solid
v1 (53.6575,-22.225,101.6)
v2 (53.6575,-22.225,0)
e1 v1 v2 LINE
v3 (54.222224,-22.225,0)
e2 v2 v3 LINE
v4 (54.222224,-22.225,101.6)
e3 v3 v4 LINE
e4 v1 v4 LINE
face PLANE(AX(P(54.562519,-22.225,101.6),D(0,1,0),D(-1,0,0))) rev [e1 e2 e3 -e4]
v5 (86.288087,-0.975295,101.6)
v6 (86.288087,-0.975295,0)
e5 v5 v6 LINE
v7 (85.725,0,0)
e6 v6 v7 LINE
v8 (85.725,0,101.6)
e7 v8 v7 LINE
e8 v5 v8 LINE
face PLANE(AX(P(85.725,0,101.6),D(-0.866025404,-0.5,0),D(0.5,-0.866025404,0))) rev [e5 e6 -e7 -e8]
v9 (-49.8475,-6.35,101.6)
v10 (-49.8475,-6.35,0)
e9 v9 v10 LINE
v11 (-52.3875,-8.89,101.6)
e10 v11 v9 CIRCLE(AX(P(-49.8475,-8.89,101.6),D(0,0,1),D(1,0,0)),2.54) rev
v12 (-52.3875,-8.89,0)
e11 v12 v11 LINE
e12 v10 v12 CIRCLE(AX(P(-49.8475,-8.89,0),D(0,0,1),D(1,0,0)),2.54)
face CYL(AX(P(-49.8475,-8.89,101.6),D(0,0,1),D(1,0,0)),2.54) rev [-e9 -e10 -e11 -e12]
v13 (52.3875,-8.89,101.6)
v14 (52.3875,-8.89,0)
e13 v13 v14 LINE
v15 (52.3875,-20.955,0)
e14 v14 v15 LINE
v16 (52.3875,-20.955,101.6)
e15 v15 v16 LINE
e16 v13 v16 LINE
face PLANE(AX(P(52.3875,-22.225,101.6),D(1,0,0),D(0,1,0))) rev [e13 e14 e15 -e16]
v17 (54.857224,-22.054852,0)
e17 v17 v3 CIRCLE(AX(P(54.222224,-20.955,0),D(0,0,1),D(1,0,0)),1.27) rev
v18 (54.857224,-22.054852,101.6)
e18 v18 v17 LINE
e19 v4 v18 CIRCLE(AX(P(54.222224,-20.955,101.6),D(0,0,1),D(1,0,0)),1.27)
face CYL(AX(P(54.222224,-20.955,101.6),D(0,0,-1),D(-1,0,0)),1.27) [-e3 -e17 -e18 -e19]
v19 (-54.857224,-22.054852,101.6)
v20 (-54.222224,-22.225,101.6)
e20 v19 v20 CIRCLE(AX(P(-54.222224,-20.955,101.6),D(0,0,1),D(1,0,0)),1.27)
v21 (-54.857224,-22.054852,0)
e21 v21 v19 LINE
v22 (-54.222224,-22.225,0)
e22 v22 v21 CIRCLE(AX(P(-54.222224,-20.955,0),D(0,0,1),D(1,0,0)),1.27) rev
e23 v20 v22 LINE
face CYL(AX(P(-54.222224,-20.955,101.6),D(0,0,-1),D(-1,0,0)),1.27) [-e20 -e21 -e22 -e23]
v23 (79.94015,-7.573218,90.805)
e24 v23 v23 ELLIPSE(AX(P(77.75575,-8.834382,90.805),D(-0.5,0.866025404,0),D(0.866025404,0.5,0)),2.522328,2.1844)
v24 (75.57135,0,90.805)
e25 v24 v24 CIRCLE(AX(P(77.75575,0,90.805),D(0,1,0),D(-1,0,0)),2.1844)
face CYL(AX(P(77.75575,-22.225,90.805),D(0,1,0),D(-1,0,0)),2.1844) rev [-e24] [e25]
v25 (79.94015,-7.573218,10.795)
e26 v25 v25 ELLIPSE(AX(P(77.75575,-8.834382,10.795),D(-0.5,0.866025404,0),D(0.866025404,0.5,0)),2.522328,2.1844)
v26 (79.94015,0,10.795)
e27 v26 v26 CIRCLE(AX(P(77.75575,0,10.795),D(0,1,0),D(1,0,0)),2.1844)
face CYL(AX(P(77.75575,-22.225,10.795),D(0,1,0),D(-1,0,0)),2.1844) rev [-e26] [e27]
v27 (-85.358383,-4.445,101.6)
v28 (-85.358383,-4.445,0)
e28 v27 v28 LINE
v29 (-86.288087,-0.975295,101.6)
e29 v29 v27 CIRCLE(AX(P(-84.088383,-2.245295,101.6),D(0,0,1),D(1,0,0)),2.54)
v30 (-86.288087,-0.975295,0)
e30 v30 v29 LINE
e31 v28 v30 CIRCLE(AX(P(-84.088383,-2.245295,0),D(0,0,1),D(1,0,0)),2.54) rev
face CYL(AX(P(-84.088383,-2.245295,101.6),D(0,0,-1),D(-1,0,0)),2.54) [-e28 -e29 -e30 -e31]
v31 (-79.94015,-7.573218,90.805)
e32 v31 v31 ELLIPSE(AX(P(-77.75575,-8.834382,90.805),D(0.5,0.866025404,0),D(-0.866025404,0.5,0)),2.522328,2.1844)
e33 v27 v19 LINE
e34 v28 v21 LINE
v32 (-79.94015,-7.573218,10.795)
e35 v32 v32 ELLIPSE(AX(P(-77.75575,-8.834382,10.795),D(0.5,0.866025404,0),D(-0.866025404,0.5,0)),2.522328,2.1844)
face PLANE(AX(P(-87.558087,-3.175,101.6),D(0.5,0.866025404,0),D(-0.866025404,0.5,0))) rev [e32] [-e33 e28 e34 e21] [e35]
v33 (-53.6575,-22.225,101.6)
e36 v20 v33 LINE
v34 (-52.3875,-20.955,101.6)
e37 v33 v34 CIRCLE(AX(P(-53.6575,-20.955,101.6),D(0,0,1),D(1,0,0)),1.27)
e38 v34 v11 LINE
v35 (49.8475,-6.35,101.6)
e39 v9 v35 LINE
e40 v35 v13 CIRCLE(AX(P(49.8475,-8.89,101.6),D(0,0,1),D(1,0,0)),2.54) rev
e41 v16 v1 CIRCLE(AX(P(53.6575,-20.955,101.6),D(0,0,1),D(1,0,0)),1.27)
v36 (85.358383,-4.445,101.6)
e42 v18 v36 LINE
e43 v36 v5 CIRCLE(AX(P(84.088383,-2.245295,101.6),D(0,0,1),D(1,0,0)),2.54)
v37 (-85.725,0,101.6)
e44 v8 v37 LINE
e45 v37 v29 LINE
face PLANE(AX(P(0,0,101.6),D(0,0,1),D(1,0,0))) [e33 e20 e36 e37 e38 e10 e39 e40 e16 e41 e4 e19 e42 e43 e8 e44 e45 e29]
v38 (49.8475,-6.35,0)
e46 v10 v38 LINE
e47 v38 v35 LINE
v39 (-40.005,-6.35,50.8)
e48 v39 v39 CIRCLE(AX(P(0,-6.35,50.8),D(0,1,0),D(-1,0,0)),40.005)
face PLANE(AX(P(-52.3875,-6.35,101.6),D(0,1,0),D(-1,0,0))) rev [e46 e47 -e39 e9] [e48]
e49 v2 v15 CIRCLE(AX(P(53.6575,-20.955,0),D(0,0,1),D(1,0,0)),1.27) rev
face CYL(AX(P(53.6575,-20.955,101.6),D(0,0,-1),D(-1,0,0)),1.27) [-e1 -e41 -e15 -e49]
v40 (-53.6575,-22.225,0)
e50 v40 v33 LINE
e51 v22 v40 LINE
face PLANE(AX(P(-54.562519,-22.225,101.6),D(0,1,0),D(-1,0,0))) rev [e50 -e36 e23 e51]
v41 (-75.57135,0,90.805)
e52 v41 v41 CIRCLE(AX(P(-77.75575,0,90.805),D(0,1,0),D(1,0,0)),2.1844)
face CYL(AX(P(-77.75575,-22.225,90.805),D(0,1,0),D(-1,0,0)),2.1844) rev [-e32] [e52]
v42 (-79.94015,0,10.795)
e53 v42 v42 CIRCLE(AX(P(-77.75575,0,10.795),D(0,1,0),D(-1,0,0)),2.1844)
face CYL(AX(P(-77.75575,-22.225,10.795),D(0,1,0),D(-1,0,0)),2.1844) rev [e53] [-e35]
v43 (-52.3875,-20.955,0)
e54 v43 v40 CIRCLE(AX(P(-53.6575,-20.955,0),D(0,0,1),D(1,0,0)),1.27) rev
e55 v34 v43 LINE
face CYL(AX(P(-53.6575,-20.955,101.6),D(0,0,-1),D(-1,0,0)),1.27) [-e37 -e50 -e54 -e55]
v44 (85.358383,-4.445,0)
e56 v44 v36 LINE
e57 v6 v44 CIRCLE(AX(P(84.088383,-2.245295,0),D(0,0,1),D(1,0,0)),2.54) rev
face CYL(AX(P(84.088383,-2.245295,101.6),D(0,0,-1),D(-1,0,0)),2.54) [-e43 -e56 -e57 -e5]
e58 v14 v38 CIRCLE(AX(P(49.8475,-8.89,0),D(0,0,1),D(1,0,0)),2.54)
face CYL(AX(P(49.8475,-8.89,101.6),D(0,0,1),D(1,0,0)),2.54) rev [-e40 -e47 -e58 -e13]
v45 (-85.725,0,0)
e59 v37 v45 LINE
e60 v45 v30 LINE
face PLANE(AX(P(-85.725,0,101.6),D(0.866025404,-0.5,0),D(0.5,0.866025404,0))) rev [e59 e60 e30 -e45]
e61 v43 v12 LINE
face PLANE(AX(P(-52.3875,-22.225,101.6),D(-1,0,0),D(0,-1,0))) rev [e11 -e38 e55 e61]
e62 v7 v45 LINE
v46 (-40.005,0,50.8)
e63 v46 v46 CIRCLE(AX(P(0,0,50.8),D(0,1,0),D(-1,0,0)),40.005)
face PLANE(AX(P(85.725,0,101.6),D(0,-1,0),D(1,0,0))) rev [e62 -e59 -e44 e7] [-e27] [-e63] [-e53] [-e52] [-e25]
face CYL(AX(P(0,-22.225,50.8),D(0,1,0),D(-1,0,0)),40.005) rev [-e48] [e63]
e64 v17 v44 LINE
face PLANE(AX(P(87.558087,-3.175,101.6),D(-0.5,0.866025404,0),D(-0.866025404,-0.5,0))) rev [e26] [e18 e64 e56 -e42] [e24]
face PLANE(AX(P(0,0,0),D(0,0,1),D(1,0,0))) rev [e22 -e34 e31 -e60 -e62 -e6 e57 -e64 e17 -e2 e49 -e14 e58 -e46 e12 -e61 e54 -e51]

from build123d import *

# Parameters (mm, degrees)
BOSS_EXTRUDE1_DEPTH = 101.6
SKETCH2_R           = 2.1844
SKETCH2_R_2         = 40.005
CUT_EXTRUDE1_DEPTH  = 136.951937251
FILLET1_R           = 2.54
FILLET2_R           = 1.27


with BuildPart() as part:
    # Sketch1 → Boss-Extrude1 (new body)
    with BuildSketch(Plane.XY):
        Polygon((85.725, 0), (-85.725, 0), (-87.558087105, -3.175), (-54.56251922, -22.225), (-52.3875, -22.225), (-52.3875, -6.35), (52.3875, -6.35), (52.3875, -22.225), (54.56251922, -22.225), (87.558087105, -3.175), align=None)
    extrude(amount=BOSS_EXTRUDE1_DEPTH)

    # Sketch2 → Cut-Extrude1 (cut, through all)
    with BuildSketch(Plane(origin=(0, 0, 0), x_dir=(1, 0, 0), z_dir=(0, 1, 0))):
        with Locations(Location((77.75575, -90.805, 0), (0, 0, 180))):
            Circle(SKETCH2_R)
        with Locations(Location((-77.75575, -90.805, 0), (0, 0, 180))):
            Circle(SKETCH2_R)
        with Locations(Location((-77.75575, -10.795, 0), (0, 0, 180))):
            Circle(SKETCH2_R)
        with Locations((77.75575, -10.795)):
            Circle(SKETCH2_R)
        with Locations(Location((0, -50.8, 0), (0, 0, 180))):
            Circle(SKETCH2_R_2)
    extrude(amount=-CUT_EXTRUDE1_DEPTH, mode=Mode.SUBTRACT)

    # Fillet1
    fillet1_edges = [part.edges().sort_by_distance(p)[0] for p in [
        (87.558087105, -3.175, 50.8),
        (52.3875, -6.35, 50.8),
        (-52.3875, -6.35, 50.8),
        (-87.558087105, -3.175, 50.8),
    ]]
    fillet(fillet1_edges, radius=FILLET1_R)

    # Fillet2
    fillet2_edges = [part.edges().sort_by_distance(p)[0] for p in [
        (54.56251922, -22.225, 50.8),
        (52.3875, -22.225, 50.8),
        (-52.3875, -22.225, 50.8),
        (-54.56251922, -22.225, 50.8),
    ]]
    fillet(fillet2_edges, radius=FILLET2_R)


solid = part.part
